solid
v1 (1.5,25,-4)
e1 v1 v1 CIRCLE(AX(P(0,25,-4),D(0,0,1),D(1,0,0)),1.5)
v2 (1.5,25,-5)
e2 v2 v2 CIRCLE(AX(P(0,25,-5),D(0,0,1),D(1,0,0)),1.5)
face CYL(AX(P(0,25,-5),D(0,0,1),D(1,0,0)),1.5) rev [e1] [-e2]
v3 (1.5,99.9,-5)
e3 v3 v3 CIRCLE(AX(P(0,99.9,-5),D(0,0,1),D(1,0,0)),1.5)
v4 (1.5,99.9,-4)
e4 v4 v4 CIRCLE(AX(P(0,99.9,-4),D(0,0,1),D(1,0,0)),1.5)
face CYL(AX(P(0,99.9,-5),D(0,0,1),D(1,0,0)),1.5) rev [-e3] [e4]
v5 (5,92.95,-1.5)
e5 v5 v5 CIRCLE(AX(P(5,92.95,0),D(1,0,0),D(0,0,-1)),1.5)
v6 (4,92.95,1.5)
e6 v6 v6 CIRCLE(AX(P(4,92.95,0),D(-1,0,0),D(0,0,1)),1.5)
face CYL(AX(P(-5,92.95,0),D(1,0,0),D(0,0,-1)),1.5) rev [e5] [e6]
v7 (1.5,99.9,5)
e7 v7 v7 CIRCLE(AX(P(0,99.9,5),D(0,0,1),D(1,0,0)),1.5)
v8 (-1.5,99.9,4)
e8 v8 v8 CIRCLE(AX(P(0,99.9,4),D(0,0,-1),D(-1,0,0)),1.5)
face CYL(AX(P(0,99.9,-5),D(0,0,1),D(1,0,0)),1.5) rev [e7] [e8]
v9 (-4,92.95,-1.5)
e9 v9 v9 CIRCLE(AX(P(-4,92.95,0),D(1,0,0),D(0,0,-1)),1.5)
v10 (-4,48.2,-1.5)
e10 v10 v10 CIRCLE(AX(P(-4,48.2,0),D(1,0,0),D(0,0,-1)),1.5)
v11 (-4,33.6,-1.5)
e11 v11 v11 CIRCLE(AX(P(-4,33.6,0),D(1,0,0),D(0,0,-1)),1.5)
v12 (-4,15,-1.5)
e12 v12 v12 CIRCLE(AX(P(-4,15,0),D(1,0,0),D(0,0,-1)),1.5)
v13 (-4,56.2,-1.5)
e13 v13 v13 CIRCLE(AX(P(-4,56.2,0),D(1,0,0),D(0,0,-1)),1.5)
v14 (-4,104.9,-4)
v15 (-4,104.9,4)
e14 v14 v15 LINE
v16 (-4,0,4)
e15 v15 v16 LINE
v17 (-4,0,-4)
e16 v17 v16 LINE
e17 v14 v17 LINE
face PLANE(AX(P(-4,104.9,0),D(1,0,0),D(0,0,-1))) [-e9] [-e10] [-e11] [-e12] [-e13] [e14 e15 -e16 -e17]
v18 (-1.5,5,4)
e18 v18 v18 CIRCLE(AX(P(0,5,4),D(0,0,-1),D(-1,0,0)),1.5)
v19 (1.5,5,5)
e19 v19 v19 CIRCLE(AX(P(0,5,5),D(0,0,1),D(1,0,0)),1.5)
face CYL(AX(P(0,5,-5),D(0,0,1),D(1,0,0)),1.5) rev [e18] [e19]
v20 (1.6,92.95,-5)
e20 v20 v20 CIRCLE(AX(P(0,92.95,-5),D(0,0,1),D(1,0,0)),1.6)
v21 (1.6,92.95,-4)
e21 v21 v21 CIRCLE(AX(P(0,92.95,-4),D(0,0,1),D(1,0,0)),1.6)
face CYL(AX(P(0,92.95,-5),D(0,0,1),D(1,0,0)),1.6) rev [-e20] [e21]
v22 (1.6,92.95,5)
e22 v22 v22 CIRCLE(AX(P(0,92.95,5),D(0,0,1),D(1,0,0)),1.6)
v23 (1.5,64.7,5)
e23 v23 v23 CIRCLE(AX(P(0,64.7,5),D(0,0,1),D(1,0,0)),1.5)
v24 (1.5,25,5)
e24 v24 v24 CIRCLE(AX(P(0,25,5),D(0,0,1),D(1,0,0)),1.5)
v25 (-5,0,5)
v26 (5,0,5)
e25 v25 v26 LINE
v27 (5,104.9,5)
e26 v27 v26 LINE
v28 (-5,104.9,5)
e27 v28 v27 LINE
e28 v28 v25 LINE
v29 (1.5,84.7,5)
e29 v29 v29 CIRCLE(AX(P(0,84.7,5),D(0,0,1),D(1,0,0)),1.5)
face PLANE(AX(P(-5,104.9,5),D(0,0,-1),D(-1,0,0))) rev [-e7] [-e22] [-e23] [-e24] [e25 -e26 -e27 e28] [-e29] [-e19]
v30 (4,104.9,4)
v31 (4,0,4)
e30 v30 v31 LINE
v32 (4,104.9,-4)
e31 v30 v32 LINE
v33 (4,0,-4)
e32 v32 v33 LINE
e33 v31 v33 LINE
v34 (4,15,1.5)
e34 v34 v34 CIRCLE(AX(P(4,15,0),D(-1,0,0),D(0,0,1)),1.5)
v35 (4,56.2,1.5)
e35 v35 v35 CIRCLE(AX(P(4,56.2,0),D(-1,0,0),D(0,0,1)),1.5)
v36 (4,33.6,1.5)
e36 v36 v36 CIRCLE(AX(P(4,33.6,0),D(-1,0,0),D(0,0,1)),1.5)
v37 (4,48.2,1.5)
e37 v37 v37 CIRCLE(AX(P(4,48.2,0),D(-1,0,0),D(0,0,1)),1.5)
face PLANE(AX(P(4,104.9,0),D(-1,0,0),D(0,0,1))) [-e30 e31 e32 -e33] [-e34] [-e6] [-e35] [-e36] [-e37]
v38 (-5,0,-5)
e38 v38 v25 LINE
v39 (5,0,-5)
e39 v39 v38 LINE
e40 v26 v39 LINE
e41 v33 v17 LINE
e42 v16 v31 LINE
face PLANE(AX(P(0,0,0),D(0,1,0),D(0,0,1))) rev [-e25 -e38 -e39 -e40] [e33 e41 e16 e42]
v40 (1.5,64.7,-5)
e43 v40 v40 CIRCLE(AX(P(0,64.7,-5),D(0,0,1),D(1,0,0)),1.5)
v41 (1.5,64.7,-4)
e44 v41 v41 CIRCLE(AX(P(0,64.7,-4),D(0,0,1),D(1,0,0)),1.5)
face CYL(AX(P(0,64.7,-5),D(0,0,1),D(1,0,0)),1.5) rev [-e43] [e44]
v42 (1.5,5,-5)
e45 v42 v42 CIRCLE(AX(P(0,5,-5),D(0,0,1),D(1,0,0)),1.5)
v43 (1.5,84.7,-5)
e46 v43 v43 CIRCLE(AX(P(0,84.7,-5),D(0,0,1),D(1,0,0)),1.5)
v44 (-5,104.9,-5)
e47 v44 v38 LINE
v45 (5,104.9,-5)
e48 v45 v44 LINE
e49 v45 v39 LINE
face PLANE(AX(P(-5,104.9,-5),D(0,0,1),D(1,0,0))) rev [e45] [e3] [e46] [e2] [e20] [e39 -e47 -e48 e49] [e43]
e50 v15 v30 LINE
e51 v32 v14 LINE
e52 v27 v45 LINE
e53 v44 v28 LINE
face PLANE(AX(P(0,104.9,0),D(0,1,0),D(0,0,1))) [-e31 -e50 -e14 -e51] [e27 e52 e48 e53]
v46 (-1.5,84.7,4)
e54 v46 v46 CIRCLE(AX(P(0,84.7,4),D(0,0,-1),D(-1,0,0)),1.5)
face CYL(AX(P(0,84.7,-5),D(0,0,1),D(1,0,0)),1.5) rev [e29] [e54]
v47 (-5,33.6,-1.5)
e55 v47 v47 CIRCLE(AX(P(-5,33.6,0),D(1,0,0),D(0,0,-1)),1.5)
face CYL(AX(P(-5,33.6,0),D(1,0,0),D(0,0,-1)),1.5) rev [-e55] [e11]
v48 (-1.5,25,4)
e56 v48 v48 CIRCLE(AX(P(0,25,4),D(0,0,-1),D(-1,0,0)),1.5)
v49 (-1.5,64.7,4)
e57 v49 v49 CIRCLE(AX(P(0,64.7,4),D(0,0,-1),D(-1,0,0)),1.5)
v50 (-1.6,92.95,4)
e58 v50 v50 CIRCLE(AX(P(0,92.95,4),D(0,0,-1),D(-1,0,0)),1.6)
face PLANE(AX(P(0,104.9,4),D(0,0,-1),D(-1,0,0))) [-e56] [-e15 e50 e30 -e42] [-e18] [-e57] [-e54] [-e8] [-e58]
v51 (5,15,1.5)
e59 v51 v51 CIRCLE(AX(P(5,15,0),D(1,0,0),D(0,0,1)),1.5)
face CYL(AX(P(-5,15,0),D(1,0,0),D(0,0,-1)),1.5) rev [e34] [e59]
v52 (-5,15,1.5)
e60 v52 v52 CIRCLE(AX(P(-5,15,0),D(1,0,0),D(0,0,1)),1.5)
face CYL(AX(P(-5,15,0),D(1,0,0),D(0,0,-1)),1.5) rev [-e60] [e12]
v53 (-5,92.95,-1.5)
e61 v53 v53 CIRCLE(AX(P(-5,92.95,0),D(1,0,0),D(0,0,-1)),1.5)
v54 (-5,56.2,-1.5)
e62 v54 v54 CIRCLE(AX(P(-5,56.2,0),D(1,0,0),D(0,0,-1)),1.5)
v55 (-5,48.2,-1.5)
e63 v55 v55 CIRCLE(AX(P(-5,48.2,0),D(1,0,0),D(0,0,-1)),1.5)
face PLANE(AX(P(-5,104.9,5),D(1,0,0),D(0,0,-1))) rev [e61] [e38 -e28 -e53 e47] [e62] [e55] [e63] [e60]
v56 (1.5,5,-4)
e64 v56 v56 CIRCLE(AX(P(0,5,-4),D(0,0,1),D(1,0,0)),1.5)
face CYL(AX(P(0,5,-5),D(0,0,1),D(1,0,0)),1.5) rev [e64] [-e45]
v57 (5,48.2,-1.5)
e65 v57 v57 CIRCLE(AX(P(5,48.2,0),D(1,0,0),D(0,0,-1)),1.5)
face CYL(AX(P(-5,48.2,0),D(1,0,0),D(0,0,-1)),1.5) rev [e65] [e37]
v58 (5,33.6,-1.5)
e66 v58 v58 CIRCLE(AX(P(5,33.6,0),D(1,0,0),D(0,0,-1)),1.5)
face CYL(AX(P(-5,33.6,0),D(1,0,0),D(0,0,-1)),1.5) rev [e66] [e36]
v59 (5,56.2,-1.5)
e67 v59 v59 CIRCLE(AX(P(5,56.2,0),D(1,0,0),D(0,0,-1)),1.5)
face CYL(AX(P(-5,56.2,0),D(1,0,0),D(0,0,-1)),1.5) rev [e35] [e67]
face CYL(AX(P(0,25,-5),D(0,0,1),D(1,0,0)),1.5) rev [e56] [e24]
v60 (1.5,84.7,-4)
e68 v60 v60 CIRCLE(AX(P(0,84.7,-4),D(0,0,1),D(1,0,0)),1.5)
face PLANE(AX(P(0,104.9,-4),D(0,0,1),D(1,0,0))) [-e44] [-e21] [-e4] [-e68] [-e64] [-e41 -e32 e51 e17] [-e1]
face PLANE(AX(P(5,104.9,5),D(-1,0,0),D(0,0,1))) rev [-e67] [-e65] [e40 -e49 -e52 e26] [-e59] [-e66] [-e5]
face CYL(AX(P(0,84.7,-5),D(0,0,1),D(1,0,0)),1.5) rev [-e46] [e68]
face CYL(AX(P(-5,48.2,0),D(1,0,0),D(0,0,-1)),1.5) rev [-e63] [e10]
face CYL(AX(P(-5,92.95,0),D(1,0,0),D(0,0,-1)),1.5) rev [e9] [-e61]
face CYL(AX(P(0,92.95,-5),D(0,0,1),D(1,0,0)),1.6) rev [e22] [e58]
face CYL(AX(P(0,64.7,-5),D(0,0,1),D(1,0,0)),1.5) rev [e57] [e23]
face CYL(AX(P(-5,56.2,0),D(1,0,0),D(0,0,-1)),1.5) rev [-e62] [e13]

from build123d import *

# Parameters (mm, degrees)
SKETCH_1_W          = 10
SKETCH_1_H          = 10
SKETCH_1_W_2        = 8
SKETCH_1_H_2        = 8
EXTRUDE_1_DEPTH     = 104.9
SKETCH_2_R          = 1.5
SKETCH_2_R_2        = 1.6
CUT_EXTRUDE_1_DEPTH = 106.494123059
SKETCH_3_R          = 1.5
CUT_EXTRUDE_2_DEPTH = 106.494123059


with BuildPart() as part:
    # ｽｹｯﾁ1 → 押し出し-薄板1 (new body)
    with BuildSketch(Plane(origin=(0, 0, 0), x_dir=(1, 0, 0), z_dir=(0, 1, 0))):
        Rectangle(SKETCH_1_W, SKETCH_1_H)
        Rectangle(SKETCH_1_W_2, SKETCH_1_H_2, mode=Mode.SUBTRACT)
    extrude(amount=EXTRUDE_1_DEPTH)

    # ｽｹｯﾁ2 → ｶｯﾄ - 押し出し1 (cut, through all)
    with BuildSketch(Plane.XY.offset(5)):
        with Locations((0, 5)):
            Circle(SKETCH_2_R)
        with Locations((0, 64.7)):
            Circle(SKETCH_2_R)
        with Locations((0, 99.9)):
            Circle(SKETCH_2_R)
        with Locations((0, 84.7)):
            Circle(SKETCH_2_R)
        with Locations((0, 25)):
            Circle(SKETCH_2_R)
        with Locations((0, 92.95)):
            Circle(SKETCH_2_R_2)
    extrude(amount=-CUT_EXTRUDE_1_DEPTH, mode=Mode.SUBTRACT)

    # ｽｹｯﾁ3 → ｶｯﾄ - 押し出し2 (cut, through all)
    with BuildSketch(Plane(origin=(5, 0, 0), x_dir=(0, 0, -1), z_dir=(1, 0, 0))):
        with Locations((0, 33.6)):
            Circle(SKETCH_3_R)
        with Locations((0, 15)):
            Circle(SKETCH_3_R)
        with Locations((0, 48.2)):
            Circle(SKETCH_3_R)
        with Locations((0, 56.2)):
            Circle(SKETCH_3_R)
        with Locations((0, 92.95)):
            Circle(SKETCH_3_R)
    extrude(amount=-CUT_EXTRUDE_2_DEPTH, mode=Mode.SUBTRACT)


solid = part.part
